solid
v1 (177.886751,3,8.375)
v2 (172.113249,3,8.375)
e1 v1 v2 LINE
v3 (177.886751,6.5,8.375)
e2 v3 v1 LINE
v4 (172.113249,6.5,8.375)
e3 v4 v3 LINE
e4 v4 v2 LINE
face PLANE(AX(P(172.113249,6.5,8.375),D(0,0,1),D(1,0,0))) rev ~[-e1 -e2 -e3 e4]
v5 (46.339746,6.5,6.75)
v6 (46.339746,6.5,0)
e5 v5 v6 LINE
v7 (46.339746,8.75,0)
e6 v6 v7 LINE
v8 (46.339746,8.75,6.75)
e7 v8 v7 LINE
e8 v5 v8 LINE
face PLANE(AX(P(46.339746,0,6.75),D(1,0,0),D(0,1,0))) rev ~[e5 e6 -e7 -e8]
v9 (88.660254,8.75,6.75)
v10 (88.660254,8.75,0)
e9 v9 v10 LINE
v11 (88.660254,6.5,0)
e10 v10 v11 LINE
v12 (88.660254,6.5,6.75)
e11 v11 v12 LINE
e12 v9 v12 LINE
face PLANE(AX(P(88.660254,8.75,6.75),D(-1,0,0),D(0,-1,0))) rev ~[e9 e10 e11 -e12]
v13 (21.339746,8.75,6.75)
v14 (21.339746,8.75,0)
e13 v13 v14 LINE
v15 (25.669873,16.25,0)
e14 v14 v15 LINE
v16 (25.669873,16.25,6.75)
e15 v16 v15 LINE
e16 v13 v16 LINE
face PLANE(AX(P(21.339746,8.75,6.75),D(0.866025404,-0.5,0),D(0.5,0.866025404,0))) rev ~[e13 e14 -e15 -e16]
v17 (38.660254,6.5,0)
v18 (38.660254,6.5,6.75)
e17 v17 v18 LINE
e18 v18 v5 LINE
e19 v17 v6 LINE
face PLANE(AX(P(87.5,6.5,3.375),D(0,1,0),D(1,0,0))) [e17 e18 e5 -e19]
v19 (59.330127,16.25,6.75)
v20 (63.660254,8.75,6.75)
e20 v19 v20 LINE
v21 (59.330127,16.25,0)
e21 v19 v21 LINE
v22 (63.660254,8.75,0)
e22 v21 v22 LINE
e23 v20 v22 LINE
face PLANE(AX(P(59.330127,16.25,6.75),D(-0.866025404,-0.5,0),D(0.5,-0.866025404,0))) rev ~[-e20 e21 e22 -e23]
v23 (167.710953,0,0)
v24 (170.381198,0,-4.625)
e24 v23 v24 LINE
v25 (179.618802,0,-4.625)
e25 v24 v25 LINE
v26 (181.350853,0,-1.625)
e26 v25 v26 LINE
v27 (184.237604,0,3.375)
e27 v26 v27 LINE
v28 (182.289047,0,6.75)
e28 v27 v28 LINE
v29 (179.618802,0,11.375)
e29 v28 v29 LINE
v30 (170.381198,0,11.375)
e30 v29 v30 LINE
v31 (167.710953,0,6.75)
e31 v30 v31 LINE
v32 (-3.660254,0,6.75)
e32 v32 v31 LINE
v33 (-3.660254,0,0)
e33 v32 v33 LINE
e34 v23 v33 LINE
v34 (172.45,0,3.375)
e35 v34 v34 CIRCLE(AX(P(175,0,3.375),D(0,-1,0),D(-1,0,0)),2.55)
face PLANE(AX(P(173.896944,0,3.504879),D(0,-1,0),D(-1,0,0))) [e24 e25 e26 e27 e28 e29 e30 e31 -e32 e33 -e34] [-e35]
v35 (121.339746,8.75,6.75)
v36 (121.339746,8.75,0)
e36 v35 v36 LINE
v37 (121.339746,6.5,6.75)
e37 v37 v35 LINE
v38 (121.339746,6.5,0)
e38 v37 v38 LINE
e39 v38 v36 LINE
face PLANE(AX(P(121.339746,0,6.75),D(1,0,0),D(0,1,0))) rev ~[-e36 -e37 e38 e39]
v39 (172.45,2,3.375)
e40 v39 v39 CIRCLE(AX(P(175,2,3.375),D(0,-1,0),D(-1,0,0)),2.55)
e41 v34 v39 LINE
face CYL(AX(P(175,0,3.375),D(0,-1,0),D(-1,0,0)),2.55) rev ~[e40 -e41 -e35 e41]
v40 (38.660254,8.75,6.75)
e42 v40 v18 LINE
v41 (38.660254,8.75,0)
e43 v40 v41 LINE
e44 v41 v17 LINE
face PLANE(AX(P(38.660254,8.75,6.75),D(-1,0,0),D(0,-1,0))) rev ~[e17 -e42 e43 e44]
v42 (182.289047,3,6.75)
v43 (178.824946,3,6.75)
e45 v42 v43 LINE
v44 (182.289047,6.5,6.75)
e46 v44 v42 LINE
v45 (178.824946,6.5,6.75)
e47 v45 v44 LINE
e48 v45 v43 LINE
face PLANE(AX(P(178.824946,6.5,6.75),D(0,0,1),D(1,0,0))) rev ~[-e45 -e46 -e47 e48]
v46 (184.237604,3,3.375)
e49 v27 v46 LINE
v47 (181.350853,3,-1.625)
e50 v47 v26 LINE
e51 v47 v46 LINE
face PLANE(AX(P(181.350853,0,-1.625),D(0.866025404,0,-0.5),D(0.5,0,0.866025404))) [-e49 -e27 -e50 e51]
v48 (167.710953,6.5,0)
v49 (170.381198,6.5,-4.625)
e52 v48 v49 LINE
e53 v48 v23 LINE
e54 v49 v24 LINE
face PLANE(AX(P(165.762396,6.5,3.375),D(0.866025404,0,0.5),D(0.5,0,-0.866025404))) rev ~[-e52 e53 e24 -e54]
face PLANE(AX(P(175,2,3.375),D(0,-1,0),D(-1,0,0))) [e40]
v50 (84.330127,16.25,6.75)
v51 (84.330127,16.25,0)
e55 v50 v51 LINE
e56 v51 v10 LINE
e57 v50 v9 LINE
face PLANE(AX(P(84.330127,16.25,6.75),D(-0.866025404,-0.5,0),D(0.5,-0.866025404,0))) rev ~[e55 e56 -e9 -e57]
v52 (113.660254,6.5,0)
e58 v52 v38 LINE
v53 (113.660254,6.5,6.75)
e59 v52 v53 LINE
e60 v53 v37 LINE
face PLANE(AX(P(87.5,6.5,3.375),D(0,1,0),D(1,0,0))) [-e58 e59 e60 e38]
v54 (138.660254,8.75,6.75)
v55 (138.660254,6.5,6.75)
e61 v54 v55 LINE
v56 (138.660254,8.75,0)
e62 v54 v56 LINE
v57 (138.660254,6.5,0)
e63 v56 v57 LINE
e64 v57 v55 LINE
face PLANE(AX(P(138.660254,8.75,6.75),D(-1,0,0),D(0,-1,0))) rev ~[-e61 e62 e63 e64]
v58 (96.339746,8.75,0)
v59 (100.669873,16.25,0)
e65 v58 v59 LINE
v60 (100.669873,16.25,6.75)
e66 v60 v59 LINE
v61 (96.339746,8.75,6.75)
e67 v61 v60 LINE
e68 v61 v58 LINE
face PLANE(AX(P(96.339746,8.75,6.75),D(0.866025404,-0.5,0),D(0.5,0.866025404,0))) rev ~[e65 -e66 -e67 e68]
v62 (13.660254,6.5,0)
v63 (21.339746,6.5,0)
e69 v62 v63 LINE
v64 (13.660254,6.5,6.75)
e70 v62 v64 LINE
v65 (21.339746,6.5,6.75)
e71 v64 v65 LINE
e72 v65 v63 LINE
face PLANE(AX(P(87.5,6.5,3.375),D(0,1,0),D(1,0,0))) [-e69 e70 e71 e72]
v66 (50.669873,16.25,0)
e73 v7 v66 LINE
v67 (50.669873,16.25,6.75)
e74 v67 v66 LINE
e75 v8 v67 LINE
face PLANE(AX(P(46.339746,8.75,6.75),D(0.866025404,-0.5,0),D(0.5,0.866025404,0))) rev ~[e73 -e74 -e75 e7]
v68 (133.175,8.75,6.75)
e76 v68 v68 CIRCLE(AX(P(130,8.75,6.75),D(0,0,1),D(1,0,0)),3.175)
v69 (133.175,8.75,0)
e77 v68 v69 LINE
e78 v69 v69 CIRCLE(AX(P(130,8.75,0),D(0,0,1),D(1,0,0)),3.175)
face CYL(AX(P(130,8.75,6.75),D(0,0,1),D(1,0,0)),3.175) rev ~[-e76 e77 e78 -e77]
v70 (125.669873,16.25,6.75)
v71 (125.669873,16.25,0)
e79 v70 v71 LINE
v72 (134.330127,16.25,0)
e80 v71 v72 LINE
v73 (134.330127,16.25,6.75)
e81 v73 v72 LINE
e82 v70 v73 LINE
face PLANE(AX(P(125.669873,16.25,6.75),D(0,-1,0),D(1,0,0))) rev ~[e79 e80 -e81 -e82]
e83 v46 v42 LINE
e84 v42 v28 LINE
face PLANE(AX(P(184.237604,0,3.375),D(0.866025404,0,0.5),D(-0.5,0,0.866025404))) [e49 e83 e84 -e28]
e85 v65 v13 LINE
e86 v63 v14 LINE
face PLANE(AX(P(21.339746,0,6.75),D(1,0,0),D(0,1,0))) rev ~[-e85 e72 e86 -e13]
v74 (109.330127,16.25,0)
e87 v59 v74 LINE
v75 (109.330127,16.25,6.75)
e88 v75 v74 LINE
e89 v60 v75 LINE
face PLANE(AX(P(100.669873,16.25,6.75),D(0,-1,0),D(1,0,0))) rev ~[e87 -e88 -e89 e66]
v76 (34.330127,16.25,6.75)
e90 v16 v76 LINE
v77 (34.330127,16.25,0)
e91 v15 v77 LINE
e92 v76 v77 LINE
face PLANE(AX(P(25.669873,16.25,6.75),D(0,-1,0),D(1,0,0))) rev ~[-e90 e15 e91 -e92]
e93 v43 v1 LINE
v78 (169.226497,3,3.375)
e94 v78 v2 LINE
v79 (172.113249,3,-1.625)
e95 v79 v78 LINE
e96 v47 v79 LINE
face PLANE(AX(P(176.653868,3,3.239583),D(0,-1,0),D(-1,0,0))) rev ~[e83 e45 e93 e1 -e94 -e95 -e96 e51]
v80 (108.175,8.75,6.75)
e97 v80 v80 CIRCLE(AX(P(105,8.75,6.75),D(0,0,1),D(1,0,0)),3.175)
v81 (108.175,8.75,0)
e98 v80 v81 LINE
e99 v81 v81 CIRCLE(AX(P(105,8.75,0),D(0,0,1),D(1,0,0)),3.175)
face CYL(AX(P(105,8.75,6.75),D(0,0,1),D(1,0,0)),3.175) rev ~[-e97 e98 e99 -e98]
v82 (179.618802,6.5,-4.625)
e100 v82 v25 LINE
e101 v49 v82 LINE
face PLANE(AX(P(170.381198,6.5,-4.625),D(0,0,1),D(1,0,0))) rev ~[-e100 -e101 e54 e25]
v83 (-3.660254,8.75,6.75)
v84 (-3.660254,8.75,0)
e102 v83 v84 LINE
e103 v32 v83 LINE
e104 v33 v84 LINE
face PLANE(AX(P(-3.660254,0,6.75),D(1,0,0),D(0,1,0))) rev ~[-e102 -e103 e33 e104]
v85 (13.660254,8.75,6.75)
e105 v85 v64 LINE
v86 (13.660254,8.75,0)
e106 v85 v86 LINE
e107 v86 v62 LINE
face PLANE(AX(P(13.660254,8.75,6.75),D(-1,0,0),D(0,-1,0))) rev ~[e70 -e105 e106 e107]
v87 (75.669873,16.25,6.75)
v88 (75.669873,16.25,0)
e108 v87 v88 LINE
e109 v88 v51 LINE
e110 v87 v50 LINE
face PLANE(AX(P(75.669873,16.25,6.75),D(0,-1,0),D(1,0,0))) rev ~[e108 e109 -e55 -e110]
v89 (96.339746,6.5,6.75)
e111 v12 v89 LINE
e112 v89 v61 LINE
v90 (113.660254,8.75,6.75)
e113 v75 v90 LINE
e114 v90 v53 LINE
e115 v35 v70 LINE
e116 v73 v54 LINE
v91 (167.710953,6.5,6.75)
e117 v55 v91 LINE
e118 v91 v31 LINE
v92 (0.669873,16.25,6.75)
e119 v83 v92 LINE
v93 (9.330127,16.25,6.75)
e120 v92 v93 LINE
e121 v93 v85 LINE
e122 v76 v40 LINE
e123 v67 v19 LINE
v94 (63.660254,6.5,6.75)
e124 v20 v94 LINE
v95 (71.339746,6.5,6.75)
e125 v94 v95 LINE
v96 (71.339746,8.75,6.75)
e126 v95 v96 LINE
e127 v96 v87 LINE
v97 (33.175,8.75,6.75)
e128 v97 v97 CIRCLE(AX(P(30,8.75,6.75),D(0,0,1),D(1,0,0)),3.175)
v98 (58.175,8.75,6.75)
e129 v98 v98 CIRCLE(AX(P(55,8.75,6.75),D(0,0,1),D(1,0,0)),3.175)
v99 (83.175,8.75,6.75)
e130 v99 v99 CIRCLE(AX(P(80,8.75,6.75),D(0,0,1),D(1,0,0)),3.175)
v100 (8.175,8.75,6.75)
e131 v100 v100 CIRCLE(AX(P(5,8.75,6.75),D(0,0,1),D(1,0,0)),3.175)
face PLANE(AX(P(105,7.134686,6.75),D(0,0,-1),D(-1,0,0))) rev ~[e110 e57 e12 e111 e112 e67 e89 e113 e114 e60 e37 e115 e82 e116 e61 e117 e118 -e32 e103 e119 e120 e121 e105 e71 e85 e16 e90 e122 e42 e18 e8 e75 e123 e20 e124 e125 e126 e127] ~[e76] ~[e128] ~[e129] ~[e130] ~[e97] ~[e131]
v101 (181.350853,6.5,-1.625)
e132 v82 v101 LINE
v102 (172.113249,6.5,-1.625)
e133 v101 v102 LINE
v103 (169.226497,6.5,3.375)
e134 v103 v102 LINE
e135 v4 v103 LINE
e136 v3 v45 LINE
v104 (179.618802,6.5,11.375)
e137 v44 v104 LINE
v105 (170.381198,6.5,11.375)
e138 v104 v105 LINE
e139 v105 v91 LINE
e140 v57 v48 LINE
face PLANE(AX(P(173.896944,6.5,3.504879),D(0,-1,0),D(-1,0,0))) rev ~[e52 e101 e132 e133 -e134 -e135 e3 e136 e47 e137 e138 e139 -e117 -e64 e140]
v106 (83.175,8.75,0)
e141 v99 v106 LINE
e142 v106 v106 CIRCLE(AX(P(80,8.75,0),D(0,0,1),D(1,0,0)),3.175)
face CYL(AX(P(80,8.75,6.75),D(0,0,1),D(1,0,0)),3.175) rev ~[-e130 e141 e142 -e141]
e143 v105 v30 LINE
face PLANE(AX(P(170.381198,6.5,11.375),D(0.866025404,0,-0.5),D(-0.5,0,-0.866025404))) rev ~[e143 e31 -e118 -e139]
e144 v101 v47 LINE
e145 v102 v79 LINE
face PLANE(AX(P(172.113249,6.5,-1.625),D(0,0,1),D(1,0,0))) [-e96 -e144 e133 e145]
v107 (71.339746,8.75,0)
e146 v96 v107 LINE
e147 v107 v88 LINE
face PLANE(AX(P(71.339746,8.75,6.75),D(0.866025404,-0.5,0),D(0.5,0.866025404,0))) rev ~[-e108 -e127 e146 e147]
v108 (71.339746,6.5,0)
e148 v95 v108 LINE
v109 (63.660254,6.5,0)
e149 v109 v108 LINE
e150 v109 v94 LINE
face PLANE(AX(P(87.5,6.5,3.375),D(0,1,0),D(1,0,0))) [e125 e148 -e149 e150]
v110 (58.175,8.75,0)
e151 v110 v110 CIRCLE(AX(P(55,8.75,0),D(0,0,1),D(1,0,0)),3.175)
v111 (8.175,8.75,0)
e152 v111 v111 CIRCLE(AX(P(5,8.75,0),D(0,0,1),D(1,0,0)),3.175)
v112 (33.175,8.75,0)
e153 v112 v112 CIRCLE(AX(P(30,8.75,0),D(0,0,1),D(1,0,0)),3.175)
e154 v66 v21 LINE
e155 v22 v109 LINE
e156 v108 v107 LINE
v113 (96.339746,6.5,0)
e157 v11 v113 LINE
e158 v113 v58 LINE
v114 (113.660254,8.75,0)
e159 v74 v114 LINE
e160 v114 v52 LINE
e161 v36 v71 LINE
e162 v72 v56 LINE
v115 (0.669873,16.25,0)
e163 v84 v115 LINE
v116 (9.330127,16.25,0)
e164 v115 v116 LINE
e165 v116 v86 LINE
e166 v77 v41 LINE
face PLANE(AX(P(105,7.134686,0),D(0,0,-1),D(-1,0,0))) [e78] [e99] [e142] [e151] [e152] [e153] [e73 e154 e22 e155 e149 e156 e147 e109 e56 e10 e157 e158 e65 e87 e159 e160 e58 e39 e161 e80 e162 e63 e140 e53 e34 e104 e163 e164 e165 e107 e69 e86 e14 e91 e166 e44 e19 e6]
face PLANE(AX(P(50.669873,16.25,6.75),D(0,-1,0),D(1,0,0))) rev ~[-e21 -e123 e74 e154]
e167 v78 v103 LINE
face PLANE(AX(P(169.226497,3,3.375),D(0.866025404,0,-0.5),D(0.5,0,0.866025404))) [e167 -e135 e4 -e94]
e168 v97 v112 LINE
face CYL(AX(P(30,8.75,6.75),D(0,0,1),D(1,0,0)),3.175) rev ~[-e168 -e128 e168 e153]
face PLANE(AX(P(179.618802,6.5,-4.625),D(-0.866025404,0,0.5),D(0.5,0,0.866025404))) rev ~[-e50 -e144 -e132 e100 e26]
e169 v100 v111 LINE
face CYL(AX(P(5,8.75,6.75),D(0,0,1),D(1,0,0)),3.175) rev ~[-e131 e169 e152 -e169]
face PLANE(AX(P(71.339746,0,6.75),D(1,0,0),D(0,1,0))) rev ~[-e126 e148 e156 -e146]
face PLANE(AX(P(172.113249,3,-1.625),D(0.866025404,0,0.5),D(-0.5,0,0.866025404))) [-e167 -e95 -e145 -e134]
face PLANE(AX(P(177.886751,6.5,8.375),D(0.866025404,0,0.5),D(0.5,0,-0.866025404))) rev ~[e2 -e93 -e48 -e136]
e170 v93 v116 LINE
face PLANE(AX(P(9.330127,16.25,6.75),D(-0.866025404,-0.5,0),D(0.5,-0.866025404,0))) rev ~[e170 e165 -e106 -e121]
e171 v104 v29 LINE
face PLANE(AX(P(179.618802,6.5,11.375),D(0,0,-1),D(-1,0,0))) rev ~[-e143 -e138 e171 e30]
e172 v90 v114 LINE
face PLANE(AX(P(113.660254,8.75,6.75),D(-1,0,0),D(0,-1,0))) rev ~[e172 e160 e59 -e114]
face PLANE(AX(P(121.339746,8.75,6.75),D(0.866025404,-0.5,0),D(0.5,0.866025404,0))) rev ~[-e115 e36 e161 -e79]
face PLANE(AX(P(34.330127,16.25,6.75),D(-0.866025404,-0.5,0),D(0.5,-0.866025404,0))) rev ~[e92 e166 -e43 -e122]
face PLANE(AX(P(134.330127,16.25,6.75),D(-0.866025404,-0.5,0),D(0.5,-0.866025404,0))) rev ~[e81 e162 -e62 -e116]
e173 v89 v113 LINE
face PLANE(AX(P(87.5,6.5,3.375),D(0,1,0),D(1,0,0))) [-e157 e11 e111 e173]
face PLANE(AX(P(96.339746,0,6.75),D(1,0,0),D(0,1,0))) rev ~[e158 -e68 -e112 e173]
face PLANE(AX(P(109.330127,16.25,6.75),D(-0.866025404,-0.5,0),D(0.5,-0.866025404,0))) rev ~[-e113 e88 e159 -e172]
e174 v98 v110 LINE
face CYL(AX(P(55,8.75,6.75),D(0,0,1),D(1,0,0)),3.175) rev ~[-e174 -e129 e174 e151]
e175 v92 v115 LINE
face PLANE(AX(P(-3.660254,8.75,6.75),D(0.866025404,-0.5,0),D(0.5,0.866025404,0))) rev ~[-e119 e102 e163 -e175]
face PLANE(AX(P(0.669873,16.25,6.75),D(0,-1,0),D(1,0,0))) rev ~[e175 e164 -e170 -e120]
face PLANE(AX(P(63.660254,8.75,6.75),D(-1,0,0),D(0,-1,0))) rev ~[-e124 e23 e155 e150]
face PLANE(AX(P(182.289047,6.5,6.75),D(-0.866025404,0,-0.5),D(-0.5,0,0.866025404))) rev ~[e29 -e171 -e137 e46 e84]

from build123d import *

# Parameters (mm, degrees)
SKETCH1_W           = 175
SKETCH1_H           = 6.75
BOSS_EXTRUDE1_DEPTH = 6.5
SKETCH2_W           = 10
SKETCH2_H           = 6.75
BOSS_EXTRUDE2_DEPTH = 7.5
SKETCH5_R           = 3.175
CUT_EXTRUDE2_DEPTH  = 10
LPATTERN1_COUNT     = 6
LPATTERN1_PITCH     = 25
SKETCH6_R           = 3.175
BOSS_EXTRUDE4_DEPTH = 6.75
LPATTERN2_COUNT     = 6
LPATTERN2_PITCH     = 25
BOSS_EXTRUDE5_DEPTH = 6.5
BOSS_EXTRUDE6_DEPTH = 3
SKETCH10_R          = 2.55
CUT_EXTRUDE4_DEPTH  = 2
CUT_EXTRUDE5_DEPTH  = 18


with BuildPart() as part:
    # Sketch1 → Boss-Extrude1 (new body)
    with BuildSketch(Plane(origin=(0, 0, 0), x_dir=(1, 0, 0), z_dir=(0, 1, 0))):
        with Locations((87.5, -3.375)):
            Rectangle(SKETCH1_W, SKETCH1_H)
    extrude(amount=BOSS_EXTRUDE1_DEPTH)

    # Sketch2 → Boss-Extrude2 (add)
    with BuildSketch(Plane(origin=(0, 6.5, 0), x_dir=(1, 0, 0), z_dir=(0, 1, 0))):
        with Locations((5, -3.375)):
            Rectangle(SKETCH2_W, SKETCH2_H)
    boss_extrude2 = extrude(amount=BOSS_EXTRUDE2_DEPTH)

    # Sketch5 → Cut-Extrude2 (cut)
    with BuildSketch(Plane.XY.offset(6.75)):
        with Locations((5, 8.75)):
            Circle(SKETCH5_R)
    cut_extrude2 = extrude(amount=-CUT_EXTRUDE2_DEPTH, mode=Mode.SUBTRACT)

    # LPattern1: Boss-Extrude2, Cut-Extrude2 ×6
    with Locations(*[(i * LPATTERN1_PITCH, 0, 0) for i in range(1, LPATTERN1_COUNT)]):
        add(boss_extrude2)
        add(cut_extrude2, mode=Mode.SUBTRACT)

    # Sketch6 → Boss-Extrude4 (add)
    with BuildSketch(Plane.XY.offset(6.75)):
        Polygon((138.660254038, 8.75), (138.660254038, 0), (121.339745962, 0), (121.339745962, 8.75), (125.669872981, 16.25), (134.330127019, 16.25), align=None)
        with Locations((130, 8.75)):
            Circle(SKETCH6_R, mode=Mode.SUBTRACT)
    boss_extrude4 = extrude(amount=-BOSS_EXTRUDE4_DEPTH)

    # LPattern2: Boss-Extrude4 ×6
    with Locations(*[(-i * LPATTERN2_PITCH, 0, 0) for i in range(1, LPATTERN2_COUNT)]):
        add(boss_extrude4)

    # Sketch7 → Boss-Extrude5 (add)
    with BuildSketch(Plane(origin=(0, 6.5, 0), x_dir=(1, 0, 0), z_dir=(0, 1, 0))):
        Polygon((172.113248654, -8.375), (177.886751346, -8.375), (178.824945533, -6.75), (182.289047149, -6.75), (179.618802154, -11.375), (170.381197846, -11.375), (165.762395693, -3.375), (170.381197846, 4.625), (179.618802154, 4.625), (181.350852961, 1.625), (177.886751346, 1.625), (172.113248654, 1.625), (169.226497308, -3.375), align=None)
    extrude(amount=-BOSS_EXTRUDE5_DEPTH)

    # Sketch9 → Boss-Extrude6 (add)
    with BuildSketch(Plane(origin=(0, 0, 0), x_dir=(-1, 0, 0), z_dir=(0, -1, 0))):
        Polygon((-169.226497308, -3.375), (-172.113248654, 1.625), (-177.886751346, 1.625), (-181.350852961, 1.625), (-184.237604307, -3.375), (-182.289047149, -6.75), (-178.824945533, -6.75), (-177.886751346, -8.375), (-172.113248654, -8.375), align=None)
    extrude(amount=-BOSS_EXTRUDE6_DEPTH)

    # Sketch10 → Cut-Extrude4 (cut)
    with BuildSketch(Plane(origin=(0, 0, 0), x_dir=(-1, 0, 0), z_dir=(0, -1, 0))):
        with Locations((-175, -3.375)):
            Circle(SKETCH10_R)
    extrude(amount=-CUT_EXTRUDE4_DEPTH, mode=Mode.SUBTRACT)

    # Sketch11 → Cut-Extrude5 (cut)
    with BuildSketch(Plane(origin=(0, 3, 0), x_dir=(1, 0, 0), z_dir=(0, 1, 0))):
        Polygon((180.773502692, -3.375), (177.886751346, 1.625), (172.113248654, 1.625), (169.226497308, -3.375), (172.113248654, -8.375), (177.886751346, -8.375), align=None)
    extrude(amount=CUT_EXTRUDE5_DEPTH, mode=Mode.SUBTRACT)


solid = part.part
